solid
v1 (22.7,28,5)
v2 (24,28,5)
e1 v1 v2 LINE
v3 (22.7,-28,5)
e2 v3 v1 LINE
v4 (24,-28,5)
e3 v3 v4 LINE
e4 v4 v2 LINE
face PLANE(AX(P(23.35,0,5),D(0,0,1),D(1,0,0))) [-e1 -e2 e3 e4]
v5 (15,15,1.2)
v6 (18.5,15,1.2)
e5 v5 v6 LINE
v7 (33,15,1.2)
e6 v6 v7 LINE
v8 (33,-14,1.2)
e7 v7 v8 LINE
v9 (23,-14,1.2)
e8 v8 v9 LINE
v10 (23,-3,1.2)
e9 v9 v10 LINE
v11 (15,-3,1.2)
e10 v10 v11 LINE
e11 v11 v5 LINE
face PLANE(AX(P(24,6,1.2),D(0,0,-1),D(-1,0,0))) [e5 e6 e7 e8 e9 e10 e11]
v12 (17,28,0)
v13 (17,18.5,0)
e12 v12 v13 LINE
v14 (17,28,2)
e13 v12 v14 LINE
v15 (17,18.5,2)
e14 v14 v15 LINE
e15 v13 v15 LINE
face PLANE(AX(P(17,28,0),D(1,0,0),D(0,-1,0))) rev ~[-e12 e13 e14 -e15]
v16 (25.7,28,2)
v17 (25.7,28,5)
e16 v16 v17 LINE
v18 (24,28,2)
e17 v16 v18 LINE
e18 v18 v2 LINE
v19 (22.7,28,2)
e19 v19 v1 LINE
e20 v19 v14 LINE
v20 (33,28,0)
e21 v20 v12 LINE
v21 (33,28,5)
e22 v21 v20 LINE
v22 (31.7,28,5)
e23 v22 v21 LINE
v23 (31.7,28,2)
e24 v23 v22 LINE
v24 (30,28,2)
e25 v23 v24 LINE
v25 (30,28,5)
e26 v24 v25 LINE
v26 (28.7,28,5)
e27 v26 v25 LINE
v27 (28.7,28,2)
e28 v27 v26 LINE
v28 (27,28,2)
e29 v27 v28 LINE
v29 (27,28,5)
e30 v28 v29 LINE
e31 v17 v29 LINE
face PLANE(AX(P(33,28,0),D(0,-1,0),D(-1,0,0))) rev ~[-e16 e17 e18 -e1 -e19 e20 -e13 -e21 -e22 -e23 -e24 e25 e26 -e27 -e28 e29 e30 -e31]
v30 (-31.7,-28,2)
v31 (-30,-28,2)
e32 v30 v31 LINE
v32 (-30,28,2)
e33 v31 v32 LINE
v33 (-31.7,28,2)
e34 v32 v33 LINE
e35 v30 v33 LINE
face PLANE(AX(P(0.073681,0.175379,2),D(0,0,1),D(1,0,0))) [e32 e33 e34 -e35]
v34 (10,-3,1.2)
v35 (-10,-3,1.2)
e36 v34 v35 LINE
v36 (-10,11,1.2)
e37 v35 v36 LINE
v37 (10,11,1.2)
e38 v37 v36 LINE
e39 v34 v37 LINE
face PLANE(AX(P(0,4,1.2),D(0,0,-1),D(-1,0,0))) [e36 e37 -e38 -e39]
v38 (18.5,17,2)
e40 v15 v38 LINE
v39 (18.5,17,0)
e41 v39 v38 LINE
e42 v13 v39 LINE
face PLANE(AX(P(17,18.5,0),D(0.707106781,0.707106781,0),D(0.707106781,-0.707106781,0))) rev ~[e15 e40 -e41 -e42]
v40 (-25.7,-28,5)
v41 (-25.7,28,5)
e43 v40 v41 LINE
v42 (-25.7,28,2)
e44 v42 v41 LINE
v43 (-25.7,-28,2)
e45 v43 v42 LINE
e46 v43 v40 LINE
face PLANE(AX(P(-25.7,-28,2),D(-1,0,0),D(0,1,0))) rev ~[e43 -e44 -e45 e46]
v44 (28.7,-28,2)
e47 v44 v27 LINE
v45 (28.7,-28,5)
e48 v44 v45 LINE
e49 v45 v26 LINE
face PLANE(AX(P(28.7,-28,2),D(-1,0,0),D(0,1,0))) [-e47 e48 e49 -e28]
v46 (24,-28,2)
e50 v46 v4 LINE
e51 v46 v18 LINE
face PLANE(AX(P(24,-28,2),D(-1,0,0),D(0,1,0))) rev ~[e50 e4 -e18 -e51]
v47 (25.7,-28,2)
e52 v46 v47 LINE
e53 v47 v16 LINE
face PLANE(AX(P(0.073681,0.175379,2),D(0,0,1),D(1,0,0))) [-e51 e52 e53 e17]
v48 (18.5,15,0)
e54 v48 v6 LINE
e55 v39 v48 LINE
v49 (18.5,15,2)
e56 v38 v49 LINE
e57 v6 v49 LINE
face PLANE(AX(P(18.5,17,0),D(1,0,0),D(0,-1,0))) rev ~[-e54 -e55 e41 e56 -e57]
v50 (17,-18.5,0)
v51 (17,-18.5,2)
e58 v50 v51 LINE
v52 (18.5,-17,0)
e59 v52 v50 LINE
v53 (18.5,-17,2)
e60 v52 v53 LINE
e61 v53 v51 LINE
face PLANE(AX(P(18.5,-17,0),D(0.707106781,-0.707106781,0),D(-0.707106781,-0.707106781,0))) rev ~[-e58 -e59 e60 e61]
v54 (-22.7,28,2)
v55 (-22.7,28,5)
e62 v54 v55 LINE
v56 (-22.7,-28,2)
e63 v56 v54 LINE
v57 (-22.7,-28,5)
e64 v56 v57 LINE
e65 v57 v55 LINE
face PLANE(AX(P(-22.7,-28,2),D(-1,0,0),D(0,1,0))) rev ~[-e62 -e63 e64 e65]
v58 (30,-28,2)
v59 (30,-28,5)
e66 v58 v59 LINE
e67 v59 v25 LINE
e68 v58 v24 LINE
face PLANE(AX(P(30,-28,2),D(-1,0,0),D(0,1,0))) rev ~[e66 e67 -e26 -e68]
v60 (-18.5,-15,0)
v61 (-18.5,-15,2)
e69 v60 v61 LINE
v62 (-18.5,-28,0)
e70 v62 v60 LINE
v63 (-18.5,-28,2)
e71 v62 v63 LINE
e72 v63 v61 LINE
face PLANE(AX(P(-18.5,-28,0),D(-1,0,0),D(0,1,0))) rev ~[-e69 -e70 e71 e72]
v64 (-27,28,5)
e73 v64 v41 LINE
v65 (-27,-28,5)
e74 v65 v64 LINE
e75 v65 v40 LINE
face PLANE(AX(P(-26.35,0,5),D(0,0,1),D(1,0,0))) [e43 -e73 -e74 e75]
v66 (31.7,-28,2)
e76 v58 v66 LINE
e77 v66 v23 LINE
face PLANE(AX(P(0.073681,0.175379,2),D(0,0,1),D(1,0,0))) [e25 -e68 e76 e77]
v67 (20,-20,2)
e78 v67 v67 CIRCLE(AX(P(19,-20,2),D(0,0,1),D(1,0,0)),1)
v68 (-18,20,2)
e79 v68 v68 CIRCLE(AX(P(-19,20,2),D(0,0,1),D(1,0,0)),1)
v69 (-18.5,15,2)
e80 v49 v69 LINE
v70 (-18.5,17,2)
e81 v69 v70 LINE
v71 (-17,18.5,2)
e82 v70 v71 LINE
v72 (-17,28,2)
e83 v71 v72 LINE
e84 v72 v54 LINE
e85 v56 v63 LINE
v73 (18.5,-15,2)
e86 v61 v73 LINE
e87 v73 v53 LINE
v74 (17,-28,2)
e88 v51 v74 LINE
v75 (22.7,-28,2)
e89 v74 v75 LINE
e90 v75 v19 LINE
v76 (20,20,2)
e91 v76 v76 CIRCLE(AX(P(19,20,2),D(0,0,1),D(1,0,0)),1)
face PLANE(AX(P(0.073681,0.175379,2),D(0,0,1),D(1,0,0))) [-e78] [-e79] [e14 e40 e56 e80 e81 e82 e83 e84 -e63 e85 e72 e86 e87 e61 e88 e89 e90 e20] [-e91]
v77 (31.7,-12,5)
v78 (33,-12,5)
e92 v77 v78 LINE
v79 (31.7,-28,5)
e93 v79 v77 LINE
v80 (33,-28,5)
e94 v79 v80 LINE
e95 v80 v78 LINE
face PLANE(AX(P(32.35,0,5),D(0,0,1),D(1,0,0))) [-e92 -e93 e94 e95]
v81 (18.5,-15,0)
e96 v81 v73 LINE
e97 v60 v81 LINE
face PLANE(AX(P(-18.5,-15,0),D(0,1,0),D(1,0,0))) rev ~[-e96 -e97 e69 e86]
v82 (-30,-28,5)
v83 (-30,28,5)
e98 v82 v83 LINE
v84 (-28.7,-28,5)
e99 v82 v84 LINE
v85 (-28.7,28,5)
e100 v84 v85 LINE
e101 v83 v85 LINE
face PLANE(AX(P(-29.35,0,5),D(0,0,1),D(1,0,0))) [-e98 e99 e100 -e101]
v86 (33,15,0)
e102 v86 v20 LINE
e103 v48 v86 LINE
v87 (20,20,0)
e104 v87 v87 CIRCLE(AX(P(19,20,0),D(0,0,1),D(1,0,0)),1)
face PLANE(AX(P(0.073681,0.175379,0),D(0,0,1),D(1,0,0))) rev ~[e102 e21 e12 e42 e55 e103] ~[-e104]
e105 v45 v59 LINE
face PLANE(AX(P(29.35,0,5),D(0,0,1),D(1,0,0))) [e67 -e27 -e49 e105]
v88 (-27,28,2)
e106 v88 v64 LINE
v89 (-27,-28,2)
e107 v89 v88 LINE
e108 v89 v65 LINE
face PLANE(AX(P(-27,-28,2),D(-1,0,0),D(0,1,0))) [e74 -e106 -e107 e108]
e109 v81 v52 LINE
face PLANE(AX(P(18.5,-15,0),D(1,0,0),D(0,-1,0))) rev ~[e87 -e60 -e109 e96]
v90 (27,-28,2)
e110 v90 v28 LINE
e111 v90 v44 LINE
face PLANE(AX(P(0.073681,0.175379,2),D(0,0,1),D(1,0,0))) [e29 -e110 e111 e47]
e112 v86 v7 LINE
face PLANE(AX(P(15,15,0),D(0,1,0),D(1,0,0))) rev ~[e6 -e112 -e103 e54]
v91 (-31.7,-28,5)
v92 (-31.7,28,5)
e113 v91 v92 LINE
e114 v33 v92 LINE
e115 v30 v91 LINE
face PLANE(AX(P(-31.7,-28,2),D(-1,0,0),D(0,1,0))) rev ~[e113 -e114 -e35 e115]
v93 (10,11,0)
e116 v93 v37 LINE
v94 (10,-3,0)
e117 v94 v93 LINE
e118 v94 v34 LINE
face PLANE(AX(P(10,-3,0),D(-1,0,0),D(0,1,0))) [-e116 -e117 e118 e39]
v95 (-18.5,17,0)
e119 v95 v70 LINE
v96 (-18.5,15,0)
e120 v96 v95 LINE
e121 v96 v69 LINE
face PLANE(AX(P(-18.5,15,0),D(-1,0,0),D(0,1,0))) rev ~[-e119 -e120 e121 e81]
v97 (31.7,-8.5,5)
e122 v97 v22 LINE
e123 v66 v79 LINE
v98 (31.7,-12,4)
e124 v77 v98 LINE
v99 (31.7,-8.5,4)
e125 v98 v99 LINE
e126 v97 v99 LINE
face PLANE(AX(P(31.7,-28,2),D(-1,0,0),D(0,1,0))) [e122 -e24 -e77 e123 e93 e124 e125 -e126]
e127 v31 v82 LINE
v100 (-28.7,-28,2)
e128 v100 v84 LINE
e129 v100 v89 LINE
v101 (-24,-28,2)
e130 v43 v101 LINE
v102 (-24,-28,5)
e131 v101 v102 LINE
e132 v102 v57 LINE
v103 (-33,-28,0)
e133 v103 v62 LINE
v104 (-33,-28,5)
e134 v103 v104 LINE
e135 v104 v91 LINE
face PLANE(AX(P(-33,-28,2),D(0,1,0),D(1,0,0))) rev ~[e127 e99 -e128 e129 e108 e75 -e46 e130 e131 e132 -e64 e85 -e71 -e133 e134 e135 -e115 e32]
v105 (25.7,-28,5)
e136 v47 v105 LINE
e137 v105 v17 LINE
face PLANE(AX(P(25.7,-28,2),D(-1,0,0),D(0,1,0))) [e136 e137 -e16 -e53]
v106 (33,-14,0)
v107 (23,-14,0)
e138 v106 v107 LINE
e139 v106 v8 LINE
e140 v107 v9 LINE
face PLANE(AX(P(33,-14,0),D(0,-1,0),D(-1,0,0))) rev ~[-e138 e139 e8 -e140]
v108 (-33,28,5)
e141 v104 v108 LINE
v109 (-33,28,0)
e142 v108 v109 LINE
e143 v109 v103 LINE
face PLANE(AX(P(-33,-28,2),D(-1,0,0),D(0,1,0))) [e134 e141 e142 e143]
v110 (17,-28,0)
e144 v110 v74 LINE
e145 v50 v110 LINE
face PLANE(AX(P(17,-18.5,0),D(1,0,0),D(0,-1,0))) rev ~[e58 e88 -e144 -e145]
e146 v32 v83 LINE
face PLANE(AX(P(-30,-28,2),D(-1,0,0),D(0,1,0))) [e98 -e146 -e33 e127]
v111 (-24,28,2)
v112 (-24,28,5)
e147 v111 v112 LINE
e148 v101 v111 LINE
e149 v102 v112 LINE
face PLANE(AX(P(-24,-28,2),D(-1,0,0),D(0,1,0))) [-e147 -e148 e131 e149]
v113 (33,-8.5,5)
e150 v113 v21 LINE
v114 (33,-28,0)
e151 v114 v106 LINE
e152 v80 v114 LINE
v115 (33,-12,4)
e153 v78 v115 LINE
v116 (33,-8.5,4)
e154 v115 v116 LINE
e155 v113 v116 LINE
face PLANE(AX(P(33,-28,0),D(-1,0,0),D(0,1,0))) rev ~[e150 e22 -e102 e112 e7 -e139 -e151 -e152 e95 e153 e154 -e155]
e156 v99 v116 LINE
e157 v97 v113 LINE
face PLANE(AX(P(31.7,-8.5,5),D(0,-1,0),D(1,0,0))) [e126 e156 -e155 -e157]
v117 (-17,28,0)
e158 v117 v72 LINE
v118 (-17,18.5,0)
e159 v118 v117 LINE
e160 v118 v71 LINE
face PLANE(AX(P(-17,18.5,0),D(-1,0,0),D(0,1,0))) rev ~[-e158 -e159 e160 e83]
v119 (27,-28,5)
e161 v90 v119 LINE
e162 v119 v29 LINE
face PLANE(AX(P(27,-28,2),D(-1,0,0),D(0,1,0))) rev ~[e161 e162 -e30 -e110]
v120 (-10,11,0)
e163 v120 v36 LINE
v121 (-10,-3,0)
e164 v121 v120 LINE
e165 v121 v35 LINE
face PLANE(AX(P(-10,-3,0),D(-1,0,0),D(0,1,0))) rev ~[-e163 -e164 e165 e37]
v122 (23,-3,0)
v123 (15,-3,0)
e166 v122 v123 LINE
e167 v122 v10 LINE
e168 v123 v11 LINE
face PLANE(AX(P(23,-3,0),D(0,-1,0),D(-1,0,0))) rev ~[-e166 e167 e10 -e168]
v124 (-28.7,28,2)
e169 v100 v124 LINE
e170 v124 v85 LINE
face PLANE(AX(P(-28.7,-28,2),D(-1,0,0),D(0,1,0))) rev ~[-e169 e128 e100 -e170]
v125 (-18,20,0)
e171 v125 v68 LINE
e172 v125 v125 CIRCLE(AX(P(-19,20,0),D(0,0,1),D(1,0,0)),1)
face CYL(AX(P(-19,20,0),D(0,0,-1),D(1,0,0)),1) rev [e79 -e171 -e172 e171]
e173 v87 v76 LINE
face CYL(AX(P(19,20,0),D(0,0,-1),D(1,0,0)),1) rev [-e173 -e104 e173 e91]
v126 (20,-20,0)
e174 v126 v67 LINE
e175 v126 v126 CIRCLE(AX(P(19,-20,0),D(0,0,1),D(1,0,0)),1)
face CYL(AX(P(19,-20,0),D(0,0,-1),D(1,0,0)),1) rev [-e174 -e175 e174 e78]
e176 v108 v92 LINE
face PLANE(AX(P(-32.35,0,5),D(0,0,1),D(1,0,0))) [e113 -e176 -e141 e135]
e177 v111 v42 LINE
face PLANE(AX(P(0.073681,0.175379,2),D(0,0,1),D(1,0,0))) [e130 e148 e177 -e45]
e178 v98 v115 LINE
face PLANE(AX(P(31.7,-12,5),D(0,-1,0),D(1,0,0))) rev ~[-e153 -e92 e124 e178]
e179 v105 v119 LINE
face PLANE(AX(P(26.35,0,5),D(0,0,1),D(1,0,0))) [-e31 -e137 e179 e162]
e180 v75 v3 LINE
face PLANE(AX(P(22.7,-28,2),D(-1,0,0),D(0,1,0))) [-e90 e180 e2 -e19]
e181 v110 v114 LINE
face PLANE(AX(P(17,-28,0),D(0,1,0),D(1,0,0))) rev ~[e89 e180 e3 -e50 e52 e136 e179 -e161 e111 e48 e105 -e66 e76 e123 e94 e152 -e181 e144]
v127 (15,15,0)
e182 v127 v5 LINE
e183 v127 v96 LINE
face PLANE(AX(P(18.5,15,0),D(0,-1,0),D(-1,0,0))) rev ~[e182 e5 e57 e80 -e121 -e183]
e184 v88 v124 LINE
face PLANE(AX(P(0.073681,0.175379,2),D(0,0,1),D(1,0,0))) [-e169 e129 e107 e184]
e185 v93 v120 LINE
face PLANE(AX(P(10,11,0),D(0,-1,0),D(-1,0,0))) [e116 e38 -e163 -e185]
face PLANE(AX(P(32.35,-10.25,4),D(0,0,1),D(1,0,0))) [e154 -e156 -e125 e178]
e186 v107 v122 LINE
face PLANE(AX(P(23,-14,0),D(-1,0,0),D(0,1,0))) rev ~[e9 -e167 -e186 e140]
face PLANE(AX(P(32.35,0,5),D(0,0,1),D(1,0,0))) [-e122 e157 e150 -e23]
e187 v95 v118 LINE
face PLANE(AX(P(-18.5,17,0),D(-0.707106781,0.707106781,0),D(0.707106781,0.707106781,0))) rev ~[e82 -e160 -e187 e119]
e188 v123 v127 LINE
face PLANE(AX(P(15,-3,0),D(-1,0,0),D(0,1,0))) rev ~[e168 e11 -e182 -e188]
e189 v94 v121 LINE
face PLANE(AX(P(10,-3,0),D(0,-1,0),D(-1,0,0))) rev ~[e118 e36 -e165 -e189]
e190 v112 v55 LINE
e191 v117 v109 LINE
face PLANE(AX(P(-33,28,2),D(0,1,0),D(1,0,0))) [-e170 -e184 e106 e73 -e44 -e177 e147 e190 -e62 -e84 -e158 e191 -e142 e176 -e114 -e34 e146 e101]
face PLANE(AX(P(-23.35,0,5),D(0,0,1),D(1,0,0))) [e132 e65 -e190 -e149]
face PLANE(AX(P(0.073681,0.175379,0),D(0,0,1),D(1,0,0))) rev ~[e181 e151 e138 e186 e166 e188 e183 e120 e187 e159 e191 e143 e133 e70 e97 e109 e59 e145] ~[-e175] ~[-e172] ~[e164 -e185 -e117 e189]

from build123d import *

# Parameters (mm, degrees)
SKETCH_1_R          = 1
EXTRUDE_1_DEPTH     = 2
SKETCH_2_W          = 1.3
SKETCH_2_H          = 56
EXTRUDE_2_DEPTH     = 3
SKETCH_3_W          = 10
SKETCH_3_H          = 11
SKETCH_3_W_2        = 20
SKETCH_3_H_2        = 14
CUT_EXTRUDE_1_DEPTH = 1.2
SKETCH_4_W          = 1.3
SKETCH_4_H          = 3.5
CUT_EXTRUDE_2_DEPTH = 1


with BuildPart() as part:
    # 草图1 → 凸台-拉伸1 (new body)
    with BuildSketch(Plane.XY):
        Polygon((18.5, 15), (-18.5, 15), (-18.5, 17), (-17, 18.5), (-17, 28), (-33, 28), (-33, -28), (-18.5, -28), (-18.5, -17), (-18.5, -15), (18.5, -15), (18.5, -17), (17, -18.5), (17, -28), (33, -28), (33, 28), (17, 28), (17, 18.5), (18.5, 17), align=None)
        with Locations((19, -20)):
            Circle(SKETCH_1_R, mode=Mode.SUBTRACT)
        with Locations((-19, 20)):
            Circle(SKETCH_1_R, mode=Mode.SUBTRACT)
        with Locations((19, 20)):
            Circle(SKETCH_1_R, mode=Mode.SUBTRACT)
    extrude(amount=EXTRUDE_1_DEPTH)

    # 草图2 → 凸台-拉伸2 (add)
    with BuildSketch(Plane.XY.offset(2)):
        with Locations((-32.35, 0)):
            Rectangle(SKETCH_2_W, SKETCH_2_H)
        with Locations((32.35, 0)):
            Rectangle(SKETCH_2_W, SKETCH_2_H)
        with Locations((-29.35, 0)):
            Rectangle(SKETCH_2_W, SKETCH_2_H)
        with Locations((-26.35, 0)):
            Rectangle(SKETCH_2_W, SKETCH_2_H)
        with Locations((-23.35, 0)):
            Rectangle(SKETCH_2_W, SKETCH_2_H)
        with Locations((29.35, 0)):
            Rectangle(SKETCH_2_W, SKETCH_2_H)
        with Locations((26.35, 0)):
            Rectangle(SKETCH_2_W, SKETCH_2_H)
        with Locations((23.35, 0)):
            Rectangle(SKETCH_2_W, SKETCH_2_H)
    extrude(amount=EXTRUDE_2_DEPTH)

    # 草图3 → 切除-拉伸1 (cut)
    with BuildSketch(Plane(origin=(0, 0, 0), x_dir=(-1, 0, 0), z_dir=(0, 0, -1))):
        Polygon((-15, -3), (-15, 15), (-18.5, 15), (-33, 15), (-33, -3), (-23, -3), align=None)
        with Locations((-28, -8.5)):
            Rectangle(SKETCH_3_W, SKETCH_3_H)
        with Locations((0, 4)):
            Rectangle(SKETCH_3_W_2, SKETCH_3_H_2)
    extrude(amount=-CUT_EXTRUDE_1_DEPTH, mode=Mode.SUBTRACT)

    # 草图4 → 切除-拉伸2 (cut)
    with BuildSketch(Plane.XY.offset(5)):
        with Locations((32.35, -10.25)):
            Rectangle(SKETCH_4_W, SKETCH_4_H)
    extrude(amount=-CUT_EXTRUDE_2_DEPTH, mode=Mode.SUBTRACT)


solid = part.part
